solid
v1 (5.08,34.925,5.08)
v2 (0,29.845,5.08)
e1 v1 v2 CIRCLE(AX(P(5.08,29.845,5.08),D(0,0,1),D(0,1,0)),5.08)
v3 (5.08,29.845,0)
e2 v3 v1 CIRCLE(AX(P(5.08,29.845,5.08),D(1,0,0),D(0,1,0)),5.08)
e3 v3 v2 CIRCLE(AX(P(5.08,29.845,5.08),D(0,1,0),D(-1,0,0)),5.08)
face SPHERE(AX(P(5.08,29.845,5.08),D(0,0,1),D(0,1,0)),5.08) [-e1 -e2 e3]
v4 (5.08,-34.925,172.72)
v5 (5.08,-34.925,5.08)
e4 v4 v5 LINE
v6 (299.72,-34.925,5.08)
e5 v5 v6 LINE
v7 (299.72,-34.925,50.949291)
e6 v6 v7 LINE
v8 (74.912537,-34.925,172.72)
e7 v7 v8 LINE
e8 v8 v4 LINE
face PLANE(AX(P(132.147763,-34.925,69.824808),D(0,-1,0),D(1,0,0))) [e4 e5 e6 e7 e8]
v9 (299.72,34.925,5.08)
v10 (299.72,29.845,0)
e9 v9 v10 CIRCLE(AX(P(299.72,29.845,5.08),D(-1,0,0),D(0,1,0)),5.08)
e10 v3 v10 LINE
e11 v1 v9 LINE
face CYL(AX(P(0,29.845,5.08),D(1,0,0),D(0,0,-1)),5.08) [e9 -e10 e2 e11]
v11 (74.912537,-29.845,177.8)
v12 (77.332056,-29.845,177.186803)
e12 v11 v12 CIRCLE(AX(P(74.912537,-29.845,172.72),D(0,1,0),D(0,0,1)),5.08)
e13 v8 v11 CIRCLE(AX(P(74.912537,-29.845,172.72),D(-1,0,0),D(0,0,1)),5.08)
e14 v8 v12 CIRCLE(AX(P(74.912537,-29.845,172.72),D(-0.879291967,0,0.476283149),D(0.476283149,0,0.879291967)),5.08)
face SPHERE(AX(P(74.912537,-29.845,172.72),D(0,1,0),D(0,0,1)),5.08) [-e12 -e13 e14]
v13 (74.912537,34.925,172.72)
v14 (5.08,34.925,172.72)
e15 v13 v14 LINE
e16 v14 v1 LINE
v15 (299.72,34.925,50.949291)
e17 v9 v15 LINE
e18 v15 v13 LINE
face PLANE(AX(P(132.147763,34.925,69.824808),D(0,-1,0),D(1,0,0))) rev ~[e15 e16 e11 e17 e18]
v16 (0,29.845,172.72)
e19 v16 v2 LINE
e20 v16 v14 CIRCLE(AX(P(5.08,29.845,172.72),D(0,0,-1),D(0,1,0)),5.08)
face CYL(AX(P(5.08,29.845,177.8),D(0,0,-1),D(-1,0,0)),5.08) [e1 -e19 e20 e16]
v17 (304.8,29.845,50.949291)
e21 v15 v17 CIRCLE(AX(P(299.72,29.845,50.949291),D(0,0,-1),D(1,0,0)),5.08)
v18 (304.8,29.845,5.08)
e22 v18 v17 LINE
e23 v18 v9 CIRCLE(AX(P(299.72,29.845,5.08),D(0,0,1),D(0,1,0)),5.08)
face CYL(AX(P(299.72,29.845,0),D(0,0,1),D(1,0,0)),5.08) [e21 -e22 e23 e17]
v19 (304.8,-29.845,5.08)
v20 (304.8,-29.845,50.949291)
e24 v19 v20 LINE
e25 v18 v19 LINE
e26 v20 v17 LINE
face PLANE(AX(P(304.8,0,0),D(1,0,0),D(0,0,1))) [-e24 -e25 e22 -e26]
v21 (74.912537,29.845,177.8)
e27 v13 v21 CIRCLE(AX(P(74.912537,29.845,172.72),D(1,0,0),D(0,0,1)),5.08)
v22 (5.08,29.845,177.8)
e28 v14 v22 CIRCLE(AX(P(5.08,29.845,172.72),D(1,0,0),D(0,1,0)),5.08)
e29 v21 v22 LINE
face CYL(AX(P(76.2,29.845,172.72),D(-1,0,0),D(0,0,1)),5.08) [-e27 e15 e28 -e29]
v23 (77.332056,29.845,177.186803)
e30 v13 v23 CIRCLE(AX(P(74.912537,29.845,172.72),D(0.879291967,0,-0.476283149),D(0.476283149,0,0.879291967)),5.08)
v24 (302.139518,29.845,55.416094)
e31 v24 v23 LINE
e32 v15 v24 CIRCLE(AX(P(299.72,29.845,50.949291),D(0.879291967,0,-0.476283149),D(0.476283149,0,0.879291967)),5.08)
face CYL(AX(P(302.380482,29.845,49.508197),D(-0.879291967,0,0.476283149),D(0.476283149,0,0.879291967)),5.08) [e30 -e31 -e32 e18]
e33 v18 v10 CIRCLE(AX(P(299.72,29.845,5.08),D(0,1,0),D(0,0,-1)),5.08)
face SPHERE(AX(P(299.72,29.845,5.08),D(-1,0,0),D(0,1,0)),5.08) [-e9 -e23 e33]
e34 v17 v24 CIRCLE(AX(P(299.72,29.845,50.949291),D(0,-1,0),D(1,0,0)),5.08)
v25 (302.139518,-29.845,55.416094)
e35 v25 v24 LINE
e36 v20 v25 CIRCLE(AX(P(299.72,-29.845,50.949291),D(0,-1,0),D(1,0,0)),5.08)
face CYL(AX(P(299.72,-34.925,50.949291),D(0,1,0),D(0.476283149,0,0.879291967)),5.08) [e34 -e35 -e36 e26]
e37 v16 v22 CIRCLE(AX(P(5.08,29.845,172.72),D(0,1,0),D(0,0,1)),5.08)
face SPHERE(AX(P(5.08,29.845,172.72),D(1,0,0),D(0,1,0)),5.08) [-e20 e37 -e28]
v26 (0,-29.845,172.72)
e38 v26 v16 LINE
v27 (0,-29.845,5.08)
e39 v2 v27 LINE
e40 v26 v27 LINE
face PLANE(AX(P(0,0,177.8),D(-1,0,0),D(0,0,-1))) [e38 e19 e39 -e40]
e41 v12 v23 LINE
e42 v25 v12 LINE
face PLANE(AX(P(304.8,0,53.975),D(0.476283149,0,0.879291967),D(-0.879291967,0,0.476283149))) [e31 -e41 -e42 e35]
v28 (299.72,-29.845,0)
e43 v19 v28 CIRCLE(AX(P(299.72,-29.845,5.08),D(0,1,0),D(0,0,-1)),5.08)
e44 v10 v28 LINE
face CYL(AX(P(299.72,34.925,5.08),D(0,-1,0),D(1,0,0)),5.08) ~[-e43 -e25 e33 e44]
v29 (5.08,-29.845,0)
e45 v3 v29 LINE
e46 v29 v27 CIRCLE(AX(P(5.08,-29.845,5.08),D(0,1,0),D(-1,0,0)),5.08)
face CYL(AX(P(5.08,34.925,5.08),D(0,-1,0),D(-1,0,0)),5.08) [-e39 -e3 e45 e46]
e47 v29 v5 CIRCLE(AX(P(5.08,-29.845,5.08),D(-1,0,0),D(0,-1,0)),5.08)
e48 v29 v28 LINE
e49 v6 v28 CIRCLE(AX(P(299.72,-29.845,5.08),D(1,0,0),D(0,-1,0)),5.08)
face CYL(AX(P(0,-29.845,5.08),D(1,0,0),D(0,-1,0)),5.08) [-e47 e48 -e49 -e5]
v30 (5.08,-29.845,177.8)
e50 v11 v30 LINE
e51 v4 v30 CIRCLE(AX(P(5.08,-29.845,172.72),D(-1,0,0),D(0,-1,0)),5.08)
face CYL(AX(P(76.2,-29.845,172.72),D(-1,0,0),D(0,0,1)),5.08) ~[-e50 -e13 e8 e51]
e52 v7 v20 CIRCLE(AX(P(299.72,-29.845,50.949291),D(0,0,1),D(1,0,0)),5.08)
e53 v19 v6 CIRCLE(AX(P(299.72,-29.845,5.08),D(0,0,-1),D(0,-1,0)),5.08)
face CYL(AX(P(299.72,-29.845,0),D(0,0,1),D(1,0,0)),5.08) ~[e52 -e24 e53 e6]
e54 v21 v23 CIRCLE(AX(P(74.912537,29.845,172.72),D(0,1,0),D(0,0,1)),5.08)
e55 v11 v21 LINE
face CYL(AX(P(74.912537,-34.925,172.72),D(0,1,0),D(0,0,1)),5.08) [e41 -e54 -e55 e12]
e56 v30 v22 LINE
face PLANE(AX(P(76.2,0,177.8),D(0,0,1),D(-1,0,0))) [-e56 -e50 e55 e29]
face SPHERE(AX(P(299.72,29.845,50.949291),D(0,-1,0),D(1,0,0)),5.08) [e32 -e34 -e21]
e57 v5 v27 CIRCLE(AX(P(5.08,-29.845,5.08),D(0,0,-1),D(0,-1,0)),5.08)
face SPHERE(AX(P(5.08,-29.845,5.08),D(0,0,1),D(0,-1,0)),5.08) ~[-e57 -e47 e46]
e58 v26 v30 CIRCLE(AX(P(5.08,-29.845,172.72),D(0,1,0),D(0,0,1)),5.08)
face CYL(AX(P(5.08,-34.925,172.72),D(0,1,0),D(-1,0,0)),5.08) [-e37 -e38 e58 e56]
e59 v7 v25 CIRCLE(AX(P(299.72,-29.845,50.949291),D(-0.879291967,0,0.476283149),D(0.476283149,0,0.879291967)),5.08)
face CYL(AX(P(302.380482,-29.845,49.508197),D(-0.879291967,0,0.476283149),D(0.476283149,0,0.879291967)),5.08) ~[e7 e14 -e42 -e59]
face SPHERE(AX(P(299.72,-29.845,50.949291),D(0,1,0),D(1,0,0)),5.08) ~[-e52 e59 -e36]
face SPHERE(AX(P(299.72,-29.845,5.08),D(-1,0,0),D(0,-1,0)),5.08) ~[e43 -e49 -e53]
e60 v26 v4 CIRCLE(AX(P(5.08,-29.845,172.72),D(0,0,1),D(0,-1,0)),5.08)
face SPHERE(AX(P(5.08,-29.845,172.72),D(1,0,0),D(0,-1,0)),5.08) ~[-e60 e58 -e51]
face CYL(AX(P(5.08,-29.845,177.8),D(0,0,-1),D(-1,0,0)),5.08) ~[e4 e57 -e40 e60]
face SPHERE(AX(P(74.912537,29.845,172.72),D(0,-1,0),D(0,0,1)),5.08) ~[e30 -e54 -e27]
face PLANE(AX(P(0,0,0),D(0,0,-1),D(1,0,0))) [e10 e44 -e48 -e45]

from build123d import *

# Parameters (mm, degrees)
F1_DEPTH = 34.925
F2_R     = 5.08


with BuildPart() as f1:
    # F0 (on Front) → F1 (new body, symmetric)
    with BuildSketch(Plane.XZ):
        Polygon((0, 177.8), (0, 0), (304.8, 0), (304.8, 53.975), (76.2, 177.8), align=None)
    extrude(amount=F1_DEPTH, both=True)

    # F2
    f2_edges = [f1.edges().sort_by_distance(p)[0] for p in [
        (38.1, -34.925, 177.8),
        (0, -34.925, 88.9),
        (152.4, -34.925, 0),
        (304.8, -34.925, 26.9875),
        (190.5, -34.925, 115.8875),
        (38.1, 34.925, 177.8),
        (0, 34.925, 88.9),
        (152.4, 34.925, 0),
        (304.8, 34.925, 26.9875),
        (190.5, 34.925, 115.8875),
        (0, 0, 177.8),
        (76.2, 0, 177.8),
        (304.8, 0, 53.975),
        (0, 0, 0),
        (304.8, 0, 0),
    ]]
    fillet(f2_edges, radius=F2_R)


solid = f1.part
